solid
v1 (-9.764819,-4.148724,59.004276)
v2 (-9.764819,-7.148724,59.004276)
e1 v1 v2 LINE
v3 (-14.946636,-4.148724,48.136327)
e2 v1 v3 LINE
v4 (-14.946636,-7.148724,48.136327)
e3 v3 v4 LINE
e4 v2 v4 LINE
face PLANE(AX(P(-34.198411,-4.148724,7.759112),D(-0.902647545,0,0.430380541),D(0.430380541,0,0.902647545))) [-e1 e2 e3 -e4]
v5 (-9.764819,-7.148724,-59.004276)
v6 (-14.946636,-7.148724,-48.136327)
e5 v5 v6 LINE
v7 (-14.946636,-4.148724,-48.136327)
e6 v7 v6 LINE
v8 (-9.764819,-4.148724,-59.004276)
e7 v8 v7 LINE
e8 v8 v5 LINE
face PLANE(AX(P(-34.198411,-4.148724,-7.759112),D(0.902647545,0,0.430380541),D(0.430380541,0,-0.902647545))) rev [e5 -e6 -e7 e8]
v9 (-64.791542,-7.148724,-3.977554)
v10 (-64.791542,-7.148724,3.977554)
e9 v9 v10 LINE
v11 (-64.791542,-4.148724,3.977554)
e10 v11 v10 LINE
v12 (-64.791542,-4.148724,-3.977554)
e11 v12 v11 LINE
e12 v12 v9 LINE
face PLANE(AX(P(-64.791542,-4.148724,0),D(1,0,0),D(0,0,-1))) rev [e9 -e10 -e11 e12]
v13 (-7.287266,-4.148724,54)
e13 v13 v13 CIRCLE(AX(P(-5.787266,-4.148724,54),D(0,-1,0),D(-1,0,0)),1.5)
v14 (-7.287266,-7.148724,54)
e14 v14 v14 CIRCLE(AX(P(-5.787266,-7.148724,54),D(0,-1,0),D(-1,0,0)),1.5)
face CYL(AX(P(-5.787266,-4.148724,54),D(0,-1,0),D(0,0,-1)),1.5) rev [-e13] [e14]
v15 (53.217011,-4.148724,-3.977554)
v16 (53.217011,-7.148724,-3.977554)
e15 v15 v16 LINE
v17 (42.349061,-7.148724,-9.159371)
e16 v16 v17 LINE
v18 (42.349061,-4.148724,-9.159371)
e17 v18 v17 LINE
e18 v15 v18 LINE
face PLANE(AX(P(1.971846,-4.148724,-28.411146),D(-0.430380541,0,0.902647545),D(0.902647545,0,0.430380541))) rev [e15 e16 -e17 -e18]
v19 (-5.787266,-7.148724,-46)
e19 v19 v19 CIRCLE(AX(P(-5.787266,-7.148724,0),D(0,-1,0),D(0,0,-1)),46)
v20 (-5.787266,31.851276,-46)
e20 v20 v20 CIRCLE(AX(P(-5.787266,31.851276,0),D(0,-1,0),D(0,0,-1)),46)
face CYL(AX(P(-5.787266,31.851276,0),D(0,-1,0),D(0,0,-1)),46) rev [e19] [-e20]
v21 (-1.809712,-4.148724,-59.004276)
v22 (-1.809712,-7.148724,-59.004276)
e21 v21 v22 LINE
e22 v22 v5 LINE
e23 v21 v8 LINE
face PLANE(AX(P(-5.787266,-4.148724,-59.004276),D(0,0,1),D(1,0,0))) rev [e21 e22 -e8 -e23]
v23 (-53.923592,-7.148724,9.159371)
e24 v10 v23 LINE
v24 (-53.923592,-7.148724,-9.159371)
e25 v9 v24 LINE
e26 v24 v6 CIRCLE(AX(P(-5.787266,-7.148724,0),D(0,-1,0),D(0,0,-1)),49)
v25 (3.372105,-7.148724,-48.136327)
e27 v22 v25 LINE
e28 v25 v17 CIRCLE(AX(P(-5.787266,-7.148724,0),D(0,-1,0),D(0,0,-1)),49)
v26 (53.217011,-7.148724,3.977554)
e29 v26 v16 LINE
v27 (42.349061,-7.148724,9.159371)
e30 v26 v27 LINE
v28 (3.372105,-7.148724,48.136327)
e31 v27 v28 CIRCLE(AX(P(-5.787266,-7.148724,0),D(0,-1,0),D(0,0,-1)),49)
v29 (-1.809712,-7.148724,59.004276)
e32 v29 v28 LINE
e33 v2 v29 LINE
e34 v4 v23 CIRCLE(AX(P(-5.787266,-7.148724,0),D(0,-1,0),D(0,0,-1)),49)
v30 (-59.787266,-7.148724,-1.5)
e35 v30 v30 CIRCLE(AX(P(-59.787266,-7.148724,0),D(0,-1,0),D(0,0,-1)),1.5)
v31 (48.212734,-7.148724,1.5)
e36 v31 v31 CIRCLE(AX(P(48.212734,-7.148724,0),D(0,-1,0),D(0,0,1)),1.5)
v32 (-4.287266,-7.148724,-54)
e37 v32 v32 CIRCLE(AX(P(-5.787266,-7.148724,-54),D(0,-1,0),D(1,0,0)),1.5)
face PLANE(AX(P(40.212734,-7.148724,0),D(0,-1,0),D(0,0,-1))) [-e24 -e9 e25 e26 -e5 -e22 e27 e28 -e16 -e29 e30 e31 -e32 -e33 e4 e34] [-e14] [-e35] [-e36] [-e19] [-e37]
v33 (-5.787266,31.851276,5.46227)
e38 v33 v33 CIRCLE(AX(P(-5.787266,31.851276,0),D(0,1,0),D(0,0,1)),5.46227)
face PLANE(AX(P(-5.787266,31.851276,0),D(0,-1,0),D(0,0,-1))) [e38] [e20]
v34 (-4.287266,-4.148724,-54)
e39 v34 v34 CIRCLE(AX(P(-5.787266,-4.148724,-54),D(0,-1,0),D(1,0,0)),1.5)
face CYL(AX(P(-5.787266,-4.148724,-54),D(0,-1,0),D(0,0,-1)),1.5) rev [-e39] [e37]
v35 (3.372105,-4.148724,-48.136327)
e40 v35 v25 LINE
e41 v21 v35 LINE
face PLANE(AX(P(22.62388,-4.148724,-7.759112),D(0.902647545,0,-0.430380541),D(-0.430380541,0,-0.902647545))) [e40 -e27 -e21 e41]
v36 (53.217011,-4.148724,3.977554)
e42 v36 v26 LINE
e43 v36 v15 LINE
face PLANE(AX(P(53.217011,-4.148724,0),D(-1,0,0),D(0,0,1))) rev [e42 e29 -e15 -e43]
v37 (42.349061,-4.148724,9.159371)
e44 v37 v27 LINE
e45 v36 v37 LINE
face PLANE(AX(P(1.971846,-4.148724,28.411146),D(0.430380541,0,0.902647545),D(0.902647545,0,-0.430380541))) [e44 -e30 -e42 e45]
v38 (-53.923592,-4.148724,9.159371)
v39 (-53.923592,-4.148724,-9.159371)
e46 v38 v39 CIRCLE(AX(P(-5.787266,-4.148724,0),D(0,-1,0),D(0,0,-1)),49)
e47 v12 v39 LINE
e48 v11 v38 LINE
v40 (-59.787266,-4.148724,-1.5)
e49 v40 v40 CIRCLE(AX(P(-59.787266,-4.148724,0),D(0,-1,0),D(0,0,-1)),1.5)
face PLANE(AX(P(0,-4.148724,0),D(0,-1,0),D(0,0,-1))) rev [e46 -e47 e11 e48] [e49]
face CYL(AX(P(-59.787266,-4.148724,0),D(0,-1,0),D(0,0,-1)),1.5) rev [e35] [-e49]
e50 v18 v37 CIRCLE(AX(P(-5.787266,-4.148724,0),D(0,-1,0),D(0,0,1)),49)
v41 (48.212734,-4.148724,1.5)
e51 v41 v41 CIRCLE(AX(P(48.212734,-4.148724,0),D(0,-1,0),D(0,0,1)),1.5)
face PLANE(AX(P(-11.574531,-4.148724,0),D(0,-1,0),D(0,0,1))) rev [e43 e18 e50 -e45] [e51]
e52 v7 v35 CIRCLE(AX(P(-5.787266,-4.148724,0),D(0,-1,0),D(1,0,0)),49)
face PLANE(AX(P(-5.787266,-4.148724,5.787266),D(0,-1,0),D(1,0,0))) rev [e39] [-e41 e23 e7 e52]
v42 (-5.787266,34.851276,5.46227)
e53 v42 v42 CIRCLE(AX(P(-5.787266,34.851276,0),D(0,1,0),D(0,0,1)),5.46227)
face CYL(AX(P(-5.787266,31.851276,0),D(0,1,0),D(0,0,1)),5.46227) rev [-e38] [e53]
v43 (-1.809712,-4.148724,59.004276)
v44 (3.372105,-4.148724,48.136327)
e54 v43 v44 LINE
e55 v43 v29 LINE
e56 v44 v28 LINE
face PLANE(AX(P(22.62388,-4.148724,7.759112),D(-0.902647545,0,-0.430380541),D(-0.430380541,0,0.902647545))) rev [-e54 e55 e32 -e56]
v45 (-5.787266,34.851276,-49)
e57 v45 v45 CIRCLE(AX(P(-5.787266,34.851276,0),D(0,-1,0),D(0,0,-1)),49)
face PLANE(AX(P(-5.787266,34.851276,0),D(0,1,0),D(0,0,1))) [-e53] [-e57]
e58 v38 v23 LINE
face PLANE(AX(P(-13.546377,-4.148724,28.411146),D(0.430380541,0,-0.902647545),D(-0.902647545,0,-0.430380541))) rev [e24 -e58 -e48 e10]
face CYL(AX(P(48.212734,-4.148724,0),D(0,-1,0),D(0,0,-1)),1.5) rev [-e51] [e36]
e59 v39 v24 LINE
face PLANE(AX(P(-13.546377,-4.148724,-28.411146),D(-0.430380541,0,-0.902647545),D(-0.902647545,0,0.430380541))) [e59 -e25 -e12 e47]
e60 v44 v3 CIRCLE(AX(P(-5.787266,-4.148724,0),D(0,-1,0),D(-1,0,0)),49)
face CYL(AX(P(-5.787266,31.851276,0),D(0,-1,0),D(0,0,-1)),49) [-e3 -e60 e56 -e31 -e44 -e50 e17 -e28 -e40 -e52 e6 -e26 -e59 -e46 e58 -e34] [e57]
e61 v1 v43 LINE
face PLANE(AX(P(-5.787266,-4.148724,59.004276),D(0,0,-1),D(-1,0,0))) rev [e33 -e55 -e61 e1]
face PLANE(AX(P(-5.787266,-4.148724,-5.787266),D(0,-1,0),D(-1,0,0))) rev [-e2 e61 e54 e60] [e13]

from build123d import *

# Parameters (mm, degrees)
BOSS_EXTRUDE1_DEPTH = 3
SKETCH4_R           = 1.5
CUT_EXTRUDE1_DEPTH  = 3
CIRPATTERN3_COUNT   = 4
CIRPATTERN4_COUNT   = 4
SKETCH6_R           = 5.46227
CUT_EXTRUDE2_DEPTH  = 3


with BuildPart() as part:
    # Sketch2 → Revolve3 (revolve)
    with BuildSketch(Plane.XY):
        Polygon((-5.787265578, 31.851275917), (40.212734422, 31.851275917), (40.212734422, -7.148724083), (43.212734422, -7.148724083), (43.212734422, 34.851275917), (-5.787265578, 34.851275917), align=None)
    revolve(axis=Axis((-5.787265578, 31.851275917, 0), (0, 1, 0)))

    # Sketch3 → Boss-Extrude1 (add)
    with BuildSketch(Plane(origin=(0, -7.148724083, 0), x_dir=(-1, 0, 0), z_dir=(0, -1, 0))):
        with BuildLine():
            Line((64.791542072, -3.977553736), (64.791542072, 0))
            Line((64.791542072, 0), (64.791542072, 3.977553736))
            Line((64.791542072, 3.977553736), (53.923592108, 9.15937051))
            ThreePointArc((53.923592108, 9.15937051), (54.570869381, 4.6), (54.787265578, 0))
            ThreePointArc((54.787265578, 0), (54.570869381, -4.6), (53.923592108, -9.15937051))
            Line((53.923592108, -9.15937051), (64.791542072, -3.977553736))
        make_face()
    boss_extrude1 = extrude(amount=-BOSS_EXTRUDE1_DEPTH)

    # Sketch4 → Cut-Extrude1 (cut)
    with BuildSketch(Plane.XZ.offset(7.148724083)):
        with Locations((-59.787265578, 0)):
            Circle(SKETCH4_R)
    cut_extrude1 = extrude(amount=-CUT_EXTRUDE1_DEPTH, mode=Mode.SUBTRACT)

    # CirPattern3: Boss-Extrude1 ×4 about axis
    cirpattern3_axis = Axis((-5.787265578, 0, 0), (0, 1, 0))
    for i in range(1, CIRPATTERN3_COUNT):
        add(boss_extrude1.rotate(cirpattern3_axis, i * 360 / CIRPATTERN3_COUNT))

    # CirPattern4: Cut-Extrude1 ×4 about axis
    cirpattern4_axis = Axis((-5.787265578, 0, 0), (0, 1, 0))
    for i in range(1, CIRPATTERN4_COUNT):
        add(cut_extrude1.rotate(cirpattern4_axis, i * 360 / CIRPATTERN4_COUNT), mode=Mode.SUBTRACT)

    # Sketch6 → Cut-Extrude2 (cut)
    with BuildSketch(Plane(origin=(0, 34.851275917, 0), x_dir=(1, 0, 0), z_dir=(0, 1, 0))):
        with Locations((-5.787265578, 0)):
            Circle(SKETCH6_R)
    extrude(amount=-CUT_EXTRUDE2_DEPTH, mode=Mode.SUBTRACT)


solid = part.part
